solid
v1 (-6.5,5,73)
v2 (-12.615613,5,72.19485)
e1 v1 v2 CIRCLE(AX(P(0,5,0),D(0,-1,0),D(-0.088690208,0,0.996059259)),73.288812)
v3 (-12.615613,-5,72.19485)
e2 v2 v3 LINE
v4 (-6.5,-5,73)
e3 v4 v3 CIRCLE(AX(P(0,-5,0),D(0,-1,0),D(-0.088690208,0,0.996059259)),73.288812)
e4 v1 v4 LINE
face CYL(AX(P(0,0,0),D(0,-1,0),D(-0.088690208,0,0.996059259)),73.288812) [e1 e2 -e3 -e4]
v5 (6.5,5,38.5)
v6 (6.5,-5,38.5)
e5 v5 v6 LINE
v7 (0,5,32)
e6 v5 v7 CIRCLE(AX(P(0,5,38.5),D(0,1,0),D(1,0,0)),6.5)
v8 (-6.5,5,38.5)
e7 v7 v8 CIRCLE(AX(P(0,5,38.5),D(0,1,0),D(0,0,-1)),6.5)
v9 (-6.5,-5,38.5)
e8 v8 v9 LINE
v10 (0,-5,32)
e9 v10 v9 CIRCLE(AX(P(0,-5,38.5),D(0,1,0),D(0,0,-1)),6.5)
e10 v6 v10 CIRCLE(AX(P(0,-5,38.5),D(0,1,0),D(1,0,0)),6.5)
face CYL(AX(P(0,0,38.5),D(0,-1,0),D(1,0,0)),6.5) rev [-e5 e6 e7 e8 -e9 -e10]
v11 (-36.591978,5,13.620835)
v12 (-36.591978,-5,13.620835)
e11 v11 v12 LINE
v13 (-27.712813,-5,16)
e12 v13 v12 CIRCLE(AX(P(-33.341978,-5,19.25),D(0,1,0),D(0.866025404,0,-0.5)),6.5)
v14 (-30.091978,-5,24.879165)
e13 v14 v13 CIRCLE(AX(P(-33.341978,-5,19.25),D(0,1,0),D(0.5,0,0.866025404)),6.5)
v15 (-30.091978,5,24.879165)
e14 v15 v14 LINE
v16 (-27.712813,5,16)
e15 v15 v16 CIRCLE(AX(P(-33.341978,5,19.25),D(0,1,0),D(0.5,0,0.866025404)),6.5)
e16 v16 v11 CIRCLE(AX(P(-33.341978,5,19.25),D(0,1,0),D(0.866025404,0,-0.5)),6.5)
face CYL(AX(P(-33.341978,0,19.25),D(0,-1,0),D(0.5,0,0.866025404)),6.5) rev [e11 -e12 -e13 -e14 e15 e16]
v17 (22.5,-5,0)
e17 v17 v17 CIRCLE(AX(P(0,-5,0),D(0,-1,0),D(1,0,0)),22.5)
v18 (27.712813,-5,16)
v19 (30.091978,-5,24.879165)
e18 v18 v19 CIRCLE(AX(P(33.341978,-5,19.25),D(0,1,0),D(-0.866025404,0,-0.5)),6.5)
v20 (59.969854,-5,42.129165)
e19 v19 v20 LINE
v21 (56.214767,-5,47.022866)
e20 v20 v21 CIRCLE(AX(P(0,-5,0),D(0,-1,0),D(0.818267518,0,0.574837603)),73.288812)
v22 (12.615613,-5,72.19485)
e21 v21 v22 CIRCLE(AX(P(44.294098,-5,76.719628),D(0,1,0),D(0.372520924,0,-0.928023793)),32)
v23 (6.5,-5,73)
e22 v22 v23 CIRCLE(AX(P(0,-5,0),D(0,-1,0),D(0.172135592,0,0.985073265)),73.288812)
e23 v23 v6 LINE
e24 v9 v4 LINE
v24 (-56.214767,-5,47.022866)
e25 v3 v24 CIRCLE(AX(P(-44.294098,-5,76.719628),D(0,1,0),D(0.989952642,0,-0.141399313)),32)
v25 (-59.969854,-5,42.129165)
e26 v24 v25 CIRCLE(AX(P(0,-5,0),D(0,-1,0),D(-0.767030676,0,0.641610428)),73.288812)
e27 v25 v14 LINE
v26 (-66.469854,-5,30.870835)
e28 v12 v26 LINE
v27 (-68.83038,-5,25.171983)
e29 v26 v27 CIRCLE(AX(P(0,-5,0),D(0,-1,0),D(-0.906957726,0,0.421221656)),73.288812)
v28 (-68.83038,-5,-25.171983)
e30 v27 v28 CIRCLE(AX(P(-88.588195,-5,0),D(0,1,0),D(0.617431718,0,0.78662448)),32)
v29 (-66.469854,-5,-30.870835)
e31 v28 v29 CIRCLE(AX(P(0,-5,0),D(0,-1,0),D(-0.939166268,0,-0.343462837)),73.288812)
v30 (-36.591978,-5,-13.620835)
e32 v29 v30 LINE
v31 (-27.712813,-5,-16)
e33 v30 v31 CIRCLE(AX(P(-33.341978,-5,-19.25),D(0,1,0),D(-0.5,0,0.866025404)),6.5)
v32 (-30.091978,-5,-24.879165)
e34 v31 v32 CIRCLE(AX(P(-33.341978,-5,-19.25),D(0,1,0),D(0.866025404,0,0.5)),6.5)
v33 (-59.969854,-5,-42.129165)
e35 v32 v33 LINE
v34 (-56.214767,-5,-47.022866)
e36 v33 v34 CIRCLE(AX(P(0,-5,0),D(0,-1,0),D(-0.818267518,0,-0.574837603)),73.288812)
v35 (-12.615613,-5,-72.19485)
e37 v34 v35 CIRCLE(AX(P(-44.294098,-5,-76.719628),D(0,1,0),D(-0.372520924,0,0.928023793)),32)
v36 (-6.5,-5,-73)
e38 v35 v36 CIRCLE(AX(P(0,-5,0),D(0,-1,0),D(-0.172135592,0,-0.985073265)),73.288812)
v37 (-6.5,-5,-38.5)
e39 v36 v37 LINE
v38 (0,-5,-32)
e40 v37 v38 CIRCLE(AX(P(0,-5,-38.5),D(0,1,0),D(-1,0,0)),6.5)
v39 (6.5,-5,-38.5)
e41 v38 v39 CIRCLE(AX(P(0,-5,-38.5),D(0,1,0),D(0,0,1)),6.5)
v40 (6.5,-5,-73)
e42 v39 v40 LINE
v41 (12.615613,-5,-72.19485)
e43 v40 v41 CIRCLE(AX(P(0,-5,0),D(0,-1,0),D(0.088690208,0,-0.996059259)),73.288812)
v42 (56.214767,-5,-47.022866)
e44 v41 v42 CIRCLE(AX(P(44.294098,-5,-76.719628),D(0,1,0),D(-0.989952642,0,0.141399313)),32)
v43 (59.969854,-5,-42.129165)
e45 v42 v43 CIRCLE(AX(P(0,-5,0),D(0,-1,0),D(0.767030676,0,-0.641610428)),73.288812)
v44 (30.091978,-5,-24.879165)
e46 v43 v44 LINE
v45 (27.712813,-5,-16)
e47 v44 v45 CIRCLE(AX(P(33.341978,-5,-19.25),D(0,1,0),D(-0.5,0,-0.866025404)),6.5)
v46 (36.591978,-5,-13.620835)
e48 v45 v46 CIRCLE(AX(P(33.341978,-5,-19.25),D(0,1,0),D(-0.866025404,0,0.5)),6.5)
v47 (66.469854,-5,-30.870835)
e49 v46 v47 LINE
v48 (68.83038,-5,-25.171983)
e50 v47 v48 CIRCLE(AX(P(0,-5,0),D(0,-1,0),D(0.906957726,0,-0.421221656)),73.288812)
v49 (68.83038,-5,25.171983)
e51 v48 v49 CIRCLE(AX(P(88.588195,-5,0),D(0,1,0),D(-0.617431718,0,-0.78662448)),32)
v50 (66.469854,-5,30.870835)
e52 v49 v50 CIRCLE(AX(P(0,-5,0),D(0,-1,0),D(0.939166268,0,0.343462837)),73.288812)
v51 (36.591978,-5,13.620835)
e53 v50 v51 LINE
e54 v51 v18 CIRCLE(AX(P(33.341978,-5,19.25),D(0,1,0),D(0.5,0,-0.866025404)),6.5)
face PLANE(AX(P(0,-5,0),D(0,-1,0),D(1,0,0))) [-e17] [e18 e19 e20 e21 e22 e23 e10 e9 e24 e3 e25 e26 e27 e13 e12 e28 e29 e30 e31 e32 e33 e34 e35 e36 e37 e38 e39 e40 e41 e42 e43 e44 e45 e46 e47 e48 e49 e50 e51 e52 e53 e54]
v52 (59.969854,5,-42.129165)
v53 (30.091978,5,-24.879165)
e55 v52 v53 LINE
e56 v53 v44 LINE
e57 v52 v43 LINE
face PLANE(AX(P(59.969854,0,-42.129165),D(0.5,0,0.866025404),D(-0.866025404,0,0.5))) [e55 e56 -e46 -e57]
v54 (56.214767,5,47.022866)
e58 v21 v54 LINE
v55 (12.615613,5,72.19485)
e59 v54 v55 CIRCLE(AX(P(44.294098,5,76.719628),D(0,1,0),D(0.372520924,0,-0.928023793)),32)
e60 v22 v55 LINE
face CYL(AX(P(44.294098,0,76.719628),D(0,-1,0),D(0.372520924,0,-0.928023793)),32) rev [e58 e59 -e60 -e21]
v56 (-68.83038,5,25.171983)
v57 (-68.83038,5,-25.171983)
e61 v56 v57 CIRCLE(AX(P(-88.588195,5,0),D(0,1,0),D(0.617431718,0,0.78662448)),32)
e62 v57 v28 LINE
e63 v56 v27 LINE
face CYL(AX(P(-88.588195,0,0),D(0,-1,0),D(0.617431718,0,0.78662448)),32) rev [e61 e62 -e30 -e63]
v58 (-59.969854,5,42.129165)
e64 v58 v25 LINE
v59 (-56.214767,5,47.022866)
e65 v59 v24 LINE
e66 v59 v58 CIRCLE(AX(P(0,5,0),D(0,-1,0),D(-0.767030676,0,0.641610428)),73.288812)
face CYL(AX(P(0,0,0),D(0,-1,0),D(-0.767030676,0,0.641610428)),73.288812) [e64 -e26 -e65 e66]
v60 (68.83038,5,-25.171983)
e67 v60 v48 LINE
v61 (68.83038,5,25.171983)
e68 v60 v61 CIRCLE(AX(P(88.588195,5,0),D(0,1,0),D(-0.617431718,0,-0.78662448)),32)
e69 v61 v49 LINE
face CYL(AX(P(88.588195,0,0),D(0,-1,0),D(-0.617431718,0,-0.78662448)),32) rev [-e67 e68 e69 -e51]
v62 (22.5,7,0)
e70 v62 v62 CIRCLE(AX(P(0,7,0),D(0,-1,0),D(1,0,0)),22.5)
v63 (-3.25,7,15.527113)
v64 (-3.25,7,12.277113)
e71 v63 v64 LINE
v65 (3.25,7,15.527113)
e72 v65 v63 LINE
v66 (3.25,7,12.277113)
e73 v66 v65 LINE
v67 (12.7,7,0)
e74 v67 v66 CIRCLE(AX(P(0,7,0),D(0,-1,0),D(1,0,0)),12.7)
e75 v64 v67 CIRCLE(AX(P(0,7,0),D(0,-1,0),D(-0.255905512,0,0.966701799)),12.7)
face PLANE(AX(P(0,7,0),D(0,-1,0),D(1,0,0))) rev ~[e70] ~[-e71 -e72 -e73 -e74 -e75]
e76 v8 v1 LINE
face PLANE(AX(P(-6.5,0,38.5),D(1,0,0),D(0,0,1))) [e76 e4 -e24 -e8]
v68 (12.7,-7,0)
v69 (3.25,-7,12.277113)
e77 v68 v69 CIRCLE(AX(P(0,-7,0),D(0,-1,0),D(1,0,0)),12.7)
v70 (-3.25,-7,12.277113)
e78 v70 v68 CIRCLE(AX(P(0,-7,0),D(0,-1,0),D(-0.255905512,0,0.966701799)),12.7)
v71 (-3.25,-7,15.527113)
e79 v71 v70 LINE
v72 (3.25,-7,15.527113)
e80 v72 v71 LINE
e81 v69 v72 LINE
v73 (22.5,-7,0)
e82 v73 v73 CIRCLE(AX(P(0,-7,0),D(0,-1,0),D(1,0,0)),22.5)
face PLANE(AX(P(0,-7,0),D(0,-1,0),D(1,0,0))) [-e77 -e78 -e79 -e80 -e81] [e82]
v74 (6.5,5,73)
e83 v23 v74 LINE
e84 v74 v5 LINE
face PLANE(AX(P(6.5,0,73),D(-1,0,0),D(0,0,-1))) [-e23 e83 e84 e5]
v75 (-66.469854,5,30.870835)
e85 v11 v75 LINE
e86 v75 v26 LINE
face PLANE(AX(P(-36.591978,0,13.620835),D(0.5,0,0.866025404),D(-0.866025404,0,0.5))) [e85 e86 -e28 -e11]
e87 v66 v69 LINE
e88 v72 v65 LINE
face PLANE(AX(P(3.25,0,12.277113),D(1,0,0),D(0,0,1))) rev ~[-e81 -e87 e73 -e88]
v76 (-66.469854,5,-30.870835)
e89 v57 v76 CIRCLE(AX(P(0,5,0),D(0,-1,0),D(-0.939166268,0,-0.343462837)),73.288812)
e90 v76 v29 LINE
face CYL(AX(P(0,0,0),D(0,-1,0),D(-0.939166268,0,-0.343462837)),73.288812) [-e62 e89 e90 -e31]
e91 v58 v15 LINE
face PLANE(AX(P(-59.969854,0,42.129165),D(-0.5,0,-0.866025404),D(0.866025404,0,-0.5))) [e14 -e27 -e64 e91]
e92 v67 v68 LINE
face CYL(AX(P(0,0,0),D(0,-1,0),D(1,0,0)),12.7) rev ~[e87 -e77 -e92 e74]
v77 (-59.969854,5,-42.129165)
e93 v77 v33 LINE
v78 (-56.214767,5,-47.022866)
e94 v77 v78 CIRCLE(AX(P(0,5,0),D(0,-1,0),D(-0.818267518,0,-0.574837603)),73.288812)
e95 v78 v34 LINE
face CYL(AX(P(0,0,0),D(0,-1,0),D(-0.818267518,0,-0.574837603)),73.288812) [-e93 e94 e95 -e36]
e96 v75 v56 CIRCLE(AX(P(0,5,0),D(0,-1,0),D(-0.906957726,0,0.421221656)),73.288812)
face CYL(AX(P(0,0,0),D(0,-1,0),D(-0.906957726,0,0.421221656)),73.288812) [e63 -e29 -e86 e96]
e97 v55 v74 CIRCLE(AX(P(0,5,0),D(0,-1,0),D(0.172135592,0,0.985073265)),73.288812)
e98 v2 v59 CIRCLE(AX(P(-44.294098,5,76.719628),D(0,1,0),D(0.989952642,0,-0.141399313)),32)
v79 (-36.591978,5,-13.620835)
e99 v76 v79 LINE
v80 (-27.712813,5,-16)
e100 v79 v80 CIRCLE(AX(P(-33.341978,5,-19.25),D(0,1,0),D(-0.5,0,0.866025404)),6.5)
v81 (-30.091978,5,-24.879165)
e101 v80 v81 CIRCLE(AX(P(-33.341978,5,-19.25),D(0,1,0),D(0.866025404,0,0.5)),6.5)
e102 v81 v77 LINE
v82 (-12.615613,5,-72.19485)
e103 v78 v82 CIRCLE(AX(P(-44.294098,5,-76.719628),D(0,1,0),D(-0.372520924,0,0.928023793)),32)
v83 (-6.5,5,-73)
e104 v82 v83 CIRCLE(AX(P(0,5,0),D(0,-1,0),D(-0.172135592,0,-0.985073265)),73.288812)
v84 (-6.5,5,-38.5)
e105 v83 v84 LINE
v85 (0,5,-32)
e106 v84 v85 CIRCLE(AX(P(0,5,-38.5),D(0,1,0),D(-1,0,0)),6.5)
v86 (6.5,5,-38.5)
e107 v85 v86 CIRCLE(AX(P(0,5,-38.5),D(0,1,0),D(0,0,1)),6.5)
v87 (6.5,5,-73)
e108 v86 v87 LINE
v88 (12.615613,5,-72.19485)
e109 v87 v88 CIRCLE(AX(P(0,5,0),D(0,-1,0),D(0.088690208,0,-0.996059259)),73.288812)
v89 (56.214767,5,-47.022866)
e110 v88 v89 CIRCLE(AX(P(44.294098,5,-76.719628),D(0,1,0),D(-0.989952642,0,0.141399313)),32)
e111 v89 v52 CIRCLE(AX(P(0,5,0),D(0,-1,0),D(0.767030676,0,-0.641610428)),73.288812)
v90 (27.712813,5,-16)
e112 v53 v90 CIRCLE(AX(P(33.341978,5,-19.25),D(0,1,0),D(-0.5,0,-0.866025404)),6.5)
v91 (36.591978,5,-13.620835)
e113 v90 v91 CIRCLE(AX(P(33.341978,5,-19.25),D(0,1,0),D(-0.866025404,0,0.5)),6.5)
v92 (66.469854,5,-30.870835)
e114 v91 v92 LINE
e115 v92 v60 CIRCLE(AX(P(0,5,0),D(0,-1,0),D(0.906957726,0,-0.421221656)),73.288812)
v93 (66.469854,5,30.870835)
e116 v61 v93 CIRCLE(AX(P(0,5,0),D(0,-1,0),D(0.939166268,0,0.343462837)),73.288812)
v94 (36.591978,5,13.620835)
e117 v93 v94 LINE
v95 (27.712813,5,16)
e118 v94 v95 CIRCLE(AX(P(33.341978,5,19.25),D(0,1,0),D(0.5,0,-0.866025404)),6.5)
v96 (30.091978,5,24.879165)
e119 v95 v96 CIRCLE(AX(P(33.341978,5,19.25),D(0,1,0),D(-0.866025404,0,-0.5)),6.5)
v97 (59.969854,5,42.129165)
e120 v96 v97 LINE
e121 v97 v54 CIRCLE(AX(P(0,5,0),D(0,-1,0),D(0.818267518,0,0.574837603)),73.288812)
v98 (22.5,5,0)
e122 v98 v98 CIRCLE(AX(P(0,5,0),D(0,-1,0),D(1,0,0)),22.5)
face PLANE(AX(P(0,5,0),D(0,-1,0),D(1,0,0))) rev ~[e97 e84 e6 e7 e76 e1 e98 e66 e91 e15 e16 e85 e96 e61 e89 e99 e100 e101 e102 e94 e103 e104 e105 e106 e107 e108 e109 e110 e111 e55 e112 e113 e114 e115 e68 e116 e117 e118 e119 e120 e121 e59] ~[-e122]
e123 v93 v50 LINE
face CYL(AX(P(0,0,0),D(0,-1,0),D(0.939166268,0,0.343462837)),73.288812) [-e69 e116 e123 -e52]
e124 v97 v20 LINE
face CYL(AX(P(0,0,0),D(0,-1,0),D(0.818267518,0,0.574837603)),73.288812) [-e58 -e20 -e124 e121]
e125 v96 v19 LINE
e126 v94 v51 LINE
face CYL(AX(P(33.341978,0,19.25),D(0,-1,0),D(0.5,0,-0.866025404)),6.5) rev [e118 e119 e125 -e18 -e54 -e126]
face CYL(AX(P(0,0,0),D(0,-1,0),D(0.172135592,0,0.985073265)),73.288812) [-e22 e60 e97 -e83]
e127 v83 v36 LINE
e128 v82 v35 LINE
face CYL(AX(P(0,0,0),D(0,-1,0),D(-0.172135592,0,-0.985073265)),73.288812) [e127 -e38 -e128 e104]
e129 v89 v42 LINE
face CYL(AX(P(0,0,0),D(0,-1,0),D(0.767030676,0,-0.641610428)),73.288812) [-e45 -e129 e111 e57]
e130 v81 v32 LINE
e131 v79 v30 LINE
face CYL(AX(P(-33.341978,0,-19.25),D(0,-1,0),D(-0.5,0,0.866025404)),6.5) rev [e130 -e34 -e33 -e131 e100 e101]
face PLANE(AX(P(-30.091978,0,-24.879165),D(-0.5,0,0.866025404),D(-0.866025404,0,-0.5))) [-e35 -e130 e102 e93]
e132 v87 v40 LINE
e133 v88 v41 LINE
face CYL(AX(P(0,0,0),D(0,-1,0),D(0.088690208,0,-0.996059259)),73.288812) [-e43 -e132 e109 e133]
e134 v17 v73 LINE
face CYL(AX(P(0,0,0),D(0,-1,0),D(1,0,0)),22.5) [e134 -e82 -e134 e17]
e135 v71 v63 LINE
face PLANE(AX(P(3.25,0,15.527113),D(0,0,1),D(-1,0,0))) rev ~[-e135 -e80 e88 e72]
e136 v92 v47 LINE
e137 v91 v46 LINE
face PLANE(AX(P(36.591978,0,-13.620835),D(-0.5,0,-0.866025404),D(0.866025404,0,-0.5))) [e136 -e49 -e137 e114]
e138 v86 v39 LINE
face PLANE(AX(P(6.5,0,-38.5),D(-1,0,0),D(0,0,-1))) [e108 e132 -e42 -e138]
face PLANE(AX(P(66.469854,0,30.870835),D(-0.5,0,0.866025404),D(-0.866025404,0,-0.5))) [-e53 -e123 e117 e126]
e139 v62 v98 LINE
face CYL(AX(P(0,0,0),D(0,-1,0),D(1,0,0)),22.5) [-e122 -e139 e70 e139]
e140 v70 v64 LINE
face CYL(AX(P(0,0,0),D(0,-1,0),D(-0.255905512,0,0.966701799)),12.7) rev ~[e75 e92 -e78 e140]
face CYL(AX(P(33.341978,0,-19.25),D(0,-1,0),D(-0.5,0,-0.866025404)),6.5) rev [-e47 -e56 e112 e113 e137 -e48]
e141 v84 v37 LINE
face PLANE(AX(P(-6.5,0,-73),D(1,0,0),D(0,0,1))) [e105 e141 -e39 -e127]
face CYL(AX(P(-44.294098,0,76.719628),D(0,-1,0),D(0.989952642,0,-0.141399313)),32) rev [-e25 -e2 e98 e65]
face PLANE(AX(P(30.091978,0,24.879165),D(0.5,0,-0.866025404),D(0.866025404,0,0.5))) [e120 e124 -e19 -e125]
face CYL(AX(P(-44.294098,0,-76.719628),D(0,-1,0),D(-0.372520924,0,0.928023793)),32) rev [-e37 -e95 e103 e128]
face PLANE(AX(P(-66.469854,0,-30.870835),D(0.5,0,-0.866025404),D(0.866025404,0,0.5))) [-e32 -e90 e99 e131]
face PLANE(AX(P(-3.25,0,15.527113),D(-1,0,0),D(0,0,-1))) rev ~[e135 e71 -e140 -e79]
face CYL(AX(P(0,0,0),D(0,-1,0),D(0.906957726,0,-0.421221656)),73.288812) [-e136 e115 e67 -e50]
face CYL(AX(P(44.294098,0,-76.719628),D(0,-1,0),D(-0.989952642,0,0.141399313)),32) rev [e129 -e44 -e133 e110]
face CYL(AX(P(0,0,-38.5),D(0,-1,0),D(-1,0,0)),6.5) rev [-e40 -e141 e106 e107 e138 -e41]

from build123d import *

# Parameters (mm, degrees)
F1_DEPTH = 5
F2_R     = 22.5
F3_DEPTH = 7
F5_DEPTH = 12.5


with BuildPart() as f1:
    # F0 (on Front) → F1 (new body, symmetric)
    with BuildSketch(Plane.XZ):
        with BuildLine():
            Line((6.5, 73), (6.5, 38.5))
            ThreePointArc((6.5, 38.5), (4.5961940777, 33.9038059223), (0, 32))
            ThreePointArc((0, 32), (-4.5961940777, 33.9038059223), (-6.5, 38.5))
            Line((-6.5, 38.5), (-6.5, 73))
            ThreePointArc((-6.5, 73), (-9.566281029, 72.6617937246), (-12.6156130875, 72.1948495838))
            ThreePointArc((-12.6156130875, 72.1948495838), (-28.294097646, 49.0068146771), (-56.2147672182, 47.02286621))
            ThreePointArc((-56.2147672182, 47.02286621), (-58.1438187355, 44.6155392532), (-59.9698544763, 42.1291651246))
            Line((-59.9698544763, 42.1291651246), (-30.0919780457, 24.8791651246))
            ThreePointArc((-30.0919780457, 24.8791651246), (-27.0634601748, 20.9323237932), (-27.7128129211, 16))
            ThreePointArc((-27.7128129211, 16), (-31.6596542525, 12.9714821291), (-36.5919780457, 13.6208348754))
            Line((-36.5919780457, 13.6208348754), (-66.4698544763, 30.8708348754))
            ThreePointArc((-66.4698544763, 30.8708348754), (-67.7100997645, 28.0462544714), (-68.8303803057, 25.1719833738))
            ThreePointArc((-68.8303803057, 25.1719833738), (-56.5881952919, 0), (-68.8303803057, -25.1719833738))
            ThreePointArc((-68.8303803057, -25.1719833738), (-67.7100997645, -28.0462544714), (-66.4698544763, -30.8708348754))
            Line((-66.4698544763, -30.8708348754), (-36.5919780457, -13.6208348754))
            ThreePointArc((-36.5919780457, -13.6208348754), (-31.6596542525, -12.9714821291), (-27.7128129211, -16))
            ThreePointArc((-27.7128129211, -16), (-27.0634601748, -20.9323237932), (-30.0919780457, -24.8791651246))
            Line((-30.0919780457, -24.8791651246), (-59.9698544763, -42.1291651246))
            ThreePointArc((-59.9698544763, -42.1291651246), (-58.1438187355, -44.6155392532), (-56.2147672182, -47.02286621))
            ThreePointArc((-56.2147672182, -47.02286621), (-28.294097646, -49.0068146771), (-12.6156130875, -72.1948495838))
            ThreePointArc((-12.6156130875, -72.1948495838), (-9.566281029, -72.6617937246), (-6.5, -73))
            Line((-6.5, -73), (-6.5, -38.5))
            ThreePointArc((-6.5, -38.5), (-4.5961940777, -33.9038059223), (0, -32))
            ThreePointArc((0, -32), (4.5961940777, -33.9038059223), (6.5, -38.5))
            Line((6.5, -38.5), (6.5, -73))
            ThreePointArc((6.5, -73), (9.566281029, -72.6617937246), (12.6156130875, -72.1948495838))
            ThreePointArc((12.6156130875, -72.1948495838), (28.294097646, -49.0068146771), (56.2147672182, -47.02286621))
            ThreePointArc((56.2147672182, -47.02286621), (58.1438187355, -44.6155392532), (59.9698544763, -42.1291651246))
            Line((59.9698544763, -42.1291651246), (30.0919780457, -24.8791651246))
            ThreePointArc((30.0919780457, -24.8791651246), (27.0634601748, -20.9323237932), (27.7128129211, -16))
            ThreePointArc((27.7128129211, -16), (31.6596542525, -12.9714821291), (36.5919780457, -13.6208348754))
            Line((36.5919780457, -13.6208348754), (66.4698544763, -30.8708348754))
            ThreePointArc((66.4698544763, -30.8708348754), (67.7100997645, -28.0462544714), (68.8303803057, -25.1719833738))
            ThreePointArc((68.8303803057, -25.1719833738), (56.5881952919, 0), (68.8303803057, 25.1719833738))
            ThreePointArc((68.8303803057, 25.1719833738), (67.7100997645, 28.0462544714), (66.4698544763, 30.8708348754))
            Line((66.4698544763, 30.8708348754), (36.5919780457, 13.6208348754))
            ThreePointArc((36.5919780457, 13.6208348754), (31.6596542525, 12.9714821291), (27.7128129211, 16))
            ThreePointArc((27.7128129211, 16), (27.0634601748, 20.9323237932), (30.0919780457, 24.8791651246))
            Line((30.0919780457, 24.8791651246), (59.9698544763, 42.1291651246))
            ThreePointArc((59.9698544763, 42.1291651246), (58.1438187355, 44.6155392532), (56.2147672182, 47.02286621))
            ThreePointArc((56.2147672182, 47.02286621), (28.294097646, 49.0068146771), (12.6156130875, 72.1948495838))
            ThreePointArc((12.6156130875, 72.1948495838), (9.566281029, 72.6617937246), (6.5, 73))
        make_face()
    extrude(amount=F1_DEPTH, both=True)

    # F2 (on Front) → F3 (join, symmetric)
    with BuildSketch(Plane.XZ):
        Circle(F2_R)
    extrude(amount=F3_DEPTH, both=True)

    # F4 (on Front) → F5 (cut, symmetric)
    with BuildSketch(Plane.XZ):
        with BuildLine():
            ThreePointArc((-3.25, 12.2771128528), (-7.7464508002, -10.0639207072), (12.7, 0))
            ThreePointArc((12.7, 0), (10.0639207072, 7.7464508002), (3.25, 12.2771128528))
            Line((3.25, 12.2771128528), (-3.25, 12.2771128528))
        make_face()
        with BuildLine():
            Line((-3.25, 12.2771128528), (3.25, 12.2771128528))
            ThreePointArc((3.25, 12.2771128528), (0, 12.7), (-3.25, 12.2771128528))
        make_face()
        with BuildLine():
            ThreePointArc((-3.25, 12.2771128528), (0, 12.7), (3.25, 12.2771128528))
            Line((3.25, 12.2771128528), (3.25, 15.5271128528))
            Line((3.25, 15.5271128528), (-3.25, 15.5271128528))
            Line((-3.25, 15.5271128528), (-3.25, 12.2771128528))
        make_face()
    extrude(amount=F5_DEPTH, both=True, mode=Mode.SUBTRACT)


solid = f1.part
